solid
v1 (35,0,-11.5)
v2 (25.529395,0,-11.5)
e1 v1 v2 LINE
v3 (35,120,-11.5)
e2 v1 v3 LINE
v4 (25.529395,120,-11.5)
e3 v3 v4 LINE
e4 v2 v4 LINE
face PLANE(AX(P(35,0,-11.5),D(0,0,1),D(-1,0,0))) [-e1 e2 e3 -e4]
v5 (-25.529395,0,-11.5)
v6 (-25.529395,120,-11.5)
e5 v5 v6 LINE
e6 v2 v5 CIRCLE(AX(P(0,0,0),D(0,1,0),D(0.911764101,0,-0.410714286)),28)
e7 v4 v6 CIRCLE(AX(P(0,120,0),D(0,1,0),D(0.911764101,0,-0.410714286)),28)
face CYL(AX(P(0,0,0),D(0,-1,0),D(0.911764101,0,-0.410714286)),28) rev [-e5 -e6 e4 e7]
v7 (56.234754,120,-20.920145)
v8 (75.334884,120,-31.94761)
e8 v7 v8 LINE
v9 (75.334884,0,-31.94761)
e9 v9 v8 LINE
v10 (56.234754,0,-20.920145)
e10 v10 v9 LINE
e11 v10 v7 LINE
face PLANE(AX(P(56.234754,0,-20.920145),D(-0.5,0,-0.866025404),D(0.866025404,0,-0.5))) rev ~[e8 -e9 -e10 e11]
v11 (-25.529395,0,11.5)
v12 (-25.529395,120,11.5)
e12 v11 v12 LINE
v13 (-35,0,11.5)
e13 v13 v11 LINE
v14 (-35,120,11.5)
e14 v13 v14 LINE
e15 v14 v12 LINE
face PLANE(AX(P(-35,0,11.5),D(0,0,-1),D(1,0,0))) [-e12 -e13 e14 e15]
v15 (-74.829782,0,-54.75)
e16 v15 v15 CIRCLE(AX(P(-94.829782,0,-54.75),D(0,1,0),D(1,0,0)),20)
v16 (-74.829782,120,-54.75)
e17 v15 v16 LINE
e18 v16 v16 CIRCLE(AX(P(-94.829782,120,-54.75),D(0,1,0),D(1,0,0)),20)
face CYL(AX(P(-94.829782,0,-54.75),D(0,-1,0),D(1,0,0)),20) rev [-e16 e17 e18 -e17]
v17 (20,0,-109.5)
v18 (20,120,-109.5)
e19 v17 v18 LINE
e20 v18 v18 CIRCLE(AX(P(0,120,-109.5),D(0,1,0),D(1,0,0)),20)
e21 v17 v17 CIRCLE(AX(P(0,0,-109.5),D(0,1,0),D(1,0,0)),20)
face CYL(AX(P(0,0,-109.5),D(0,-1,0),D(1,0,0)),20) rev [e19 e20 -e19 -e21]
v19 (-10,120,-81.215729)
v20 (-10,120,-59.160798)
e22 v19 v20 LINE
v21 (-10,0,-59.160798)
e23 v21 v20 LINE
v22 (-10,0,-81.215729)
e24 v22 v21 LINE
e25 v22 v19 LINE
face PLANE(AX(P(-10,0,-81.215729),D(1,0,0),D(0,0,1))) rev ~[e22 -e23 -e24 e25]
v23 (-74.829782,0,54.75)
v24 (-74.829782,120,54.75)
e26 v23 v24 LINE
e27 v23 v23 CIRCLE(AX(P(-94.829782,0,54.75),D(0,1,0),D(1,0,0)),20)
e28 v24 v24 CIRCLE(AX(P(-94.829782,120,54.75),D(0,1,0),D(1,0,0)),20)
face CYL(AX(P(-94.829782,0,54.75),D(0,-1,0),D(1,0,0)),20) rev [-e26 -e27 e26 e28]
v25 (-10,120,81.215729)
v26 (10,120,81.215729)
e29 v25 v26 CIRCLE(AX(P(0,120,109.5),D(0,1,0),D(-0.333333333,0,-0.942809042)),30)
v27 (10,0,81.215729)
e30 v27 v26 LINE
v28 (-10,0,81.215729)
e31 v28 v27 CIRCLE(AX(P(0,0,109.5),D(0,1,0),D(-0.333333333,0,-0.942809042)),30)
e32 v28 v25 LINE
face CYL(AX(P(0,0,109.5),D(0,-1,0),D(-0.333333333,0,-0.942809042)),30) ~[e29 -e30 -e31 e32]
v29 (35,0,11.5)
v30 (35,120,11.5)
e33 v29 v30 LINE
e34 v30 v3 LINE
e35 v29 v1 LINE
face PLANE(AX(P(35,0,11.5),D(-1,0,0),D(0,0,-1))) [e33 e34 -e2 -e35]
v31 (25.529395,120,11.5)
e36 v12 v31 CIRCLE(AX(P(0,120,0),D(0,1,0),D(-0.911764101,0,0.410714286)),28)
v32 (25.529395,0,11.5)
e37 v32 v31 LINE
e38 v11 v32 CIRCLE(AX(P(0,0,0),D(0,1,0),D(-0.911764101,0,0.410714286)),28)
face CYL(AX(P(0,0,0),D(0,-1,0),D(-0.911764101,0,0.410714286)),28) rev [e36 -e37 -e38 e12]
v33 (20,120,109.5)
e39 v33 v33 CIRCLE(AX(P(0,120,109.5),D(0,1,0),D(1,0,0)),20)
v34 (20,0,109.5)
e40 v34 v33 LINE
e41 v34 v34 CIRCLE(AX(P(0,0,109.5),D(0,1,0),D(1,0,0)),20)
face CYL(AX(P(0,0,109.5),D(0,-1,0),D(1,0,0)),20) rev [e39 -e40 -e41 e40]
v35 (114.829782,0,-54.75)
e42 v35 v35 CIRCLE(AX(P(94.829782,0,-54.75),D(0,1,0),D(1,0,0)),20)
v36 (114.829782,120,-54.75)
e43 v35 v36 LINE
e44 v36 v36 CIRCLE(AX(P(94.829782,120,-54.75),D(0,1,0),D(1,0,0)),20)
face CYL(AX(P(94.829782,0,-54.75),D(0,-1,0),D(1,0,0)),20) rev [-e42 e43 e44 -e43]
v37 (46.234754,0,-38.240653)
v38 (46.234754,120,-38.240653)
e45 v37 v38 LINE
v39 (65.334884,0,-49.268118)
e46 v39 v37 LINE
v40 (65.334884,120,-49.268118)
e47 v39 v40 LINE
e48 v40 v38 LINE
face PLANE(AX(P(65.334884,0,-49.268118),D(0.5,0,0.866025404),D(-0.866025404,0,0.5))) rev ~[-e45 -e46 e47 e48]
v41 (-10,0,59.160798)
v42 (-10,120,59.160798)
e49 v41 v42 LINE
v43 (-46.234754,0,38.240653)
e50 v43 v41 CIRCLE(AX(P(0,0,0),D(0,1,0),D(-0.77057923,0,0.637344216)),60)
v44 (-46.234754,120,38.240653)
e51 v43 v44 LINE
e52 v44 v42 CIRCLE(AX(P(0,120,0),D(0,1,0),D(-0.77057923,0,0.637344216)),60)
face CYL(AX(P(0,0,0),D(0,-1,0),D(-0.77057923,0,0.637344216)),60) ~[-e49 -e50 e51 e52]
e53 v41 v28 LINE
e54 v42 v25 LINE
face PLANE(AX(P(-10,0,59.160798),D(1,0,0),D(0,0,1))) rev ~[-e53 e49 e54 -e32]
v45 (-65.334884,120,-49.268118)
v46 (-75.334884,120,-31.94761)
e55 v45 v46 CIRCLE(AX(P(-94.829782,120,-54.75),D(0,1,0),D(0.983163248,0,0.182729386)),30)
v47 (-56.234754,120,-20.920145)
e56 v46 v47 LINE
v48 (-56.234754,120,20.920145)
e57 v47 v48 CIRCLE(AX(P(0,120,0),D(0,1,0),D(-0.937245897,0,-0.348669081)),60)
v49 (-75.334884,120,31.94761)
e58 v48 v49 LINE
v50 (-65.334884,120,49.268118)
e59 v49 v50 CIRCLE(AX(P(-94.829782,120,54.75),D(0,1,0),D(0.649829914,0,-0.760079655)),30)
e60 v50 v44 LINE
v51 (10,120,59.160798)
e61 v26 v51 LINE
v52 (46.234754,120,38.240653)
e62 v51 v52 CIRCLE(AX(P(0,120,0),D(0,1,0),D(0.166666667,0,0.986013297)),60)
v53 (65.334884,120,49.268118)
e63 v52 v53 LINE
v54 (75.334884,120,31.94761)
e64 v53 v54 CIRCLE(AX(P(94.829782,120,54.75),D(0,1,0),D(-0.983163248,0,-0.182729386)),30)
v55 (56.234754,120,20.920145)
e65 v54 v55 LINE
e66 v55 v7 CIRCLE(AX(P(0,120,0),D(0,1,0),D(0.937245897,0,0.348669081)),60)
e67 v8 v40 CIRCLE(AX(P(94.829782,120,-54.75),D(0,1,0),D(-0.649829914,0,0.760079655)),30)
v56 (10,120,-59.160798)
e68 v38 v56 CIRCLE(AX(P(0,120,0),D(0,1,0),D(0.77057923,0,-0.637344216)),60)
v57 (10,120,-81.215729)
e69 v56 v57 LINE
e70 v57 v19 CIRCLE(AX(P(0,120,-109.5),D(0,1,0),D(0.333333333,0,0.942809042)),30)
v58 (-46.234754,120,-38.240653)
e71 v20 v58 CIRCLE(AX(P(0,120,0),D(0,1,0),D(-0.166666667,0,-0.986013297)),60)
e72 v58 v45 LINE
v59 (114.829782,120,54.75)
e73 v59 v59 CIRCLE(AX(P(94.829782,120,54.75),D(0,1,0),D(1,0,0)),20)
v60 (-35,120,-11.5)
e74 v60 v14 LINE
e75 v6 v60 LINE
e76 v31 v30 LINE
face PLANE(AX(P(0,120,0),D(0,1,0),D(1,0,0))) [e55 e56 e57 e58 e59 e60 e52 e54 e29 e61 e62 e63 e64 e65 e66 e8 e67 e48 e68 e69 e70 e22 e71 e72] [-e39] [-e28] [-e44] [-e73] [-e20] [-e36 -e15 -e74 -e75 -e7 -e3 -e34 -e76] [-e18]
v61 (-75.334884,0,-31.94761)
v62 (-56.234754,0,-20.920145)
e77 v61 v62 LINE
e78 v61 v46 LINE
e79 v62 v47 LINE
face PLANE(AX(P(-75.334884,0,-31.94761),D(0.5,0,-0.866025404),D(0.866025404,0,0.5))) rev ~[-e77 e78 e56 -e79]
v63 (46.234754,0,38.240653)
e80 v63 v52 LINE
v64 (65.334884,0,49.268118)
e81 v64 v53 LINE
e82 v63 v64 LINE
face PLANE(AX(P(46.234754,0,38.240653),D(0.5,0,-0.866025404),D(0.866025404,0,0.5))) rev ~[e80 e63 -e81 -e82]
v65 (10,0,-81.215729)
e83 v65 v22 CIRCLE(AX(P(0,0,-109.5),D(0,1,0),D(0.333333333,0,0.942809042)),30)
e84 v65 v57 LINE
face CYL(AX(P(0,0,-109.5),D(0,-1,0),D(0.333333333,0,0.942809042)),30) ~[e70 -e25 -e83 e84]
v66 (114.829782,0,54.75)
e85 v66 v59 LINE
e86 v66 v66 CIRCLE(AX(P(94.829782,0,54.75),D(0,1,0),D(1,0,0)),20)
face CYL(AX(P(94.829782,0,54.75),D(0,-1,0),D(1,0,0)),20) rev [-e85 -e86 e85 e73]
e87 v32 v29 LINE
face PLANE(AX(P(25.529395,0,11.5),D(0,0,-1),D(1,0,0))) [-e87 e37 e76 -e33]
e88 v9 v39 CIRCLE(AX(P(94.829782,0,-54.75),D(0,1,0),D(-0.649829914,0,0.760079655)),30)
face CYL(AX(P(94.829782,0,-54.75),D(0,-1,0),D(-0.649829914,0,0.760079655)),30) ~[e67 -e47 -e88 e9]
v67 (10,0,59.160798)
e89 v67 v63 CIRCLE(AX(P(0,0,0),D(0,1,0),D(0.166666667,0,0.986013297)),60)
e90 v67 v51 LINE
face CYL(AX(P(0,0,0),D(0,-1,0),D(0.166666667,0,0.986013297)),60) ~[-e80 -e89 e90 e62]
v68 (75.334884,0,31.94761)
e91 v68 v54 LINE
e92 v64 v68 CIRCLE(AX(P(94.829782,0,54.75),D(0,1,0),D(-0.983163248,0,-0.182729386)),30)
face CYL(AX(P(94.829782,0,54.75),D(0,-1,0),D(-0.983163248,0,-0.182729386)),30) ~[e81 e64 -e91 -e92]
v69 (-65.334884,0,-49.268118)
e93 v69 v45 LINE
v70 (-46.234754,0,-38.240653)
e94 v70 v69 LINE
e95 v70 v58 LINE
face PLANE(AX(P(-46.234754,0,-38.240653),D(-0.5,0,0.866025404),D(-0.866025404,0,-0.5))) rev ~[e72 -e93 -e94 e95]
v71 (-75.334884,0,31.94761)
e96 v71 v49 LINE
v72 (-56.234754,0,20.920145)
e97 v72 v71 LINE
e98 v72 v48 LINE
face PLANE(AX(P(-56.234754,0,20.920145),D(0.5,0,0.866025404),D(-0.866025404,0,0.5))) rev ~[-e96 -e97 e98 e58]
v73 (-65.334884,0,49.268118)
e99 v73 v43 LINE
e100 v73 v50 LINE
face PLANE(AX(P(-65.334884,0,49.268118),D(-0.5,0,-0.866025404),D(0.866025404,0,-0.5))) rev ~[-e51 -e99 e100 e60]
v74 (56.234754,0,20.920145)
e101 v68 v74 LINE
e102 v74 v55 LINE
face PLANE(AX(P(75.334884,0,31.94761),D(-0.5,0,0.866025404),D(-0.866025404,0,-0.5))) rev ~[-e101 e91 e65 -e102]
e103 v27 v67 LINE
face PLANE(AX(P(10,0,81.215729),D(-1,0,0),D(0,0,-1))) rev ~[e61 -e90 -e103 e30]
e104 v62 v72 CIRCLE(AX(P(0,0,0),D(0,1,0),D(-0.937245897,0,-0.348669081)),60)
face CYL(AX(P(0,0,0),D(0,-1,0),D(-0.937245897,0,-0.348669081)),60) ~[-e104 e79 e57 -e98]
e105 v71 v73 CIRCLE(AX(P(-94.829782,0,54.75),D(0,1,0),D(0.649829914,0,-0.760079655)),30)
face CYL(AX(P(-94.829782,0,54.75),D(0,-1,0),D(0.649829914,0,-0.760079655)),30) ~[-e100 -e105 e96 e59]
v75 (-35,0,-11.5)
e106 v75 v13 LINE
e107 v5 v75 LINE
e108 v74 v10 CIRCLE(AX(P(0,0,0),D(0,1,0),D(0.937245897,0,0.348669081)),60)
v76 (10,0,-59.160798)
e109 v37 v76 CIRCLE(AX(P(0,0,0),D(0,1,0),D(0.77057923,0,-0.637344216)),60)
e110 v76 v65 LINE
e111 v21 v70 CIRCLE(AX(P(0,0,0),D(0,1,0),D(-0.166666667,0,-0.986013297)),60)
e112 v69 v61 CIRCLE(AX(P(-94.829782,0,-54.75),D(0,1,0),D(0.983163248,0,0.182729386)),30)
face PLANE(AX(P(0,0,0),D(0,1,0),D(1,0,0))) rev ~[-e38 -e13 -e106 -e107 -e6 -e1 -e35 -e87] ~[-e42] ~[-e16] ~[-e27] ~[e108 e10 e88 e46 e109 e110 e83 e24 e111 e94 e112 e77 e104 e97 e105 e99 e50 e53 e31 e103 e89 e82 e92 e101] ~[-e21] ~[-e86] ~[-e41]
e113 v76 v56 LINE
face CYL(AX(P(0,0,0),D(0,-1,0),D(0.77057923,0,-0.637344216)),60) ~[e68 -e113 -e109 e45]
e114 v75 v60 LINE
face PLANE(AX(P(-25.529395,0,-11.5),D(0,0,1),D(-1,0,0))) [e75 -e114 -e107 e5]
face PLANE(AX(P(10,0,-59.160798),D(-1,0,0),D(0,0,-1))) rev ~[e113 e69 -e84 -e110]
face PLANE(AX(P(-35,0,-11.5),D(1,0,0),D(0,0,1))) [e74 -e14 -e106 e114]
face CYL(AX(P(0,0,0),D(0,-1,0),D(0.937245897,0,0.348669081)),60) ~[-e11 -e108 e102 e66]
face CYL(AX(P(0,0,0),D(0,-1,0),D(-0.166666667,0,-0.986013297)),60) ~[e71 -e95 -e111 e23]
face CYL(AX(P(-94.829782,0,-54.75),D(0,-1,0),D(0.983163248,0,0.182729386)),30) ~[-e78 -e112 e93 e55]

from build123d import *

# Parameters (mm, degrees)
SKETCH1_R           = 20
BOSS_EXTRUDE1_DEPTH = 120


with BuildPart() as part:
    # Sketch1 → Boss-Extrude1 (new body)
    with BuildSketch(Plane(origin=(0, 0, 0), x_dir=(1, 0, 0), z_dir=(0, 1, 0))):
        with BuildLine():
            Line((-10, 81.215728753), (-10, 59.160797831))
            ThreePointArc((-10, 59.160797831), (-30, 51.961524227), (-46.23475383, 38.240652953))
            Line((-46.23475383, 38.240652953), (-65.334884287, 49.268118414))
            ThreePointArc((-65.334884287, 49.268118414), (-120.810543828, 69.75), (-75.334884287, 31.947610338))
            Line((-75.334884287, 31.947610338), (-56.23475383, 20.920144878))
            ThreePointArc((-56.23475383, 20.920144878), (-60, 0), (-56.23475383, -20.920144878))
            Line((-56.23475383, -20.920144878), (-75.334884287, -31.947610338))
            ThreePointArc((-75.334884287, -31.947610338), (-120.810543828, -69.75), (-65.334884287, -49.268118414))
            Line((-65.334884287, -49.268118414), (-46.23475383, -38.240652953))
            ThreePointArc((-46.23475383, -38.240652953), (-30, -51.961524227), (-10, -59.160797831))
            Line((-10, -59.160797831), (-10, -81.215728753))
            ThreePointArc((-10, -81.215728753), (0, -139.5), (10, -81.215728753))
            Line((10, -81.215728753), (10, -59.160797831))
            ThreePointArc((10, -59.160797831), (30, -51.961524227), (46.23475383, -38.240652953))
            Line((46.23475383, -38.240652953), (65.334884287, -49.268118414))
            ThreePointArc((65.334884287, -49.268118414), (120.810543828, -69.75), (75.334884287, -31.947610338))
            Line((75.334884287, -31.947610338), (56.23475383, -20.920144878))
            ThreePointArc((56.23475383, -20.920144878), (60, 0), (56.23475383, 20.920144878))
            Line((56.23475383, 20.920144878), (75.334884287, 31.947610338))
            ThreePointArc((75.334884287, 31.947610338), (120.810543828, 69.75), (65.334884287, 49.268118414))
            Line((65.334884287, 49.268118414), (46.23475383, 38.240652953))
            ThreePointArc((46.23475383, 38.240652953), (30, 51.961524227), (10, 59.160797831))
            Line((10, 59.160797831), (10, 81.215728753))
            ThreePointArc((10, 81.215728753), (0, 139.5), (-10, 81.215728753))
        make_face()
        with Locations((0, 109.5)):
            Circle(SKETCH1_R, mode=Mode.SUBTRACT)
        with Locations((94.829781714, 54.75)):
            Circle(SKETCH1_R, mode=Mode.SUBTRACT)
        with Locations((94.829781714, -54.75)):
            Circle(SKETCH1_R, mode=Mode.SUBTRACT)
        with Locations((0, -109.5)):
            Circle(SKETCH1_R, mode=Mode.SUBTRACT)
        with Locations((-94.829781714, -54.75)):
            Circle(SKETCH1_R, mode=Mode.SUBTRACT)
        with Locations((-94.829781714, 54.75)):
            Circle(SKETCH1_R, mode=Mode.SUBTRACT)
        with BuildLine():
            Line((-35, 11.5), (-35, -11.5))
            Line((-35, -11.5), (-25.529394822, -11.5))
            ThreePointArc((-25.529394822, -11.5), (0, -28), (25.529394822, -11.5))
            Line((25.529394822, -11.5), (35, -11.5))
            Line((35, -11.5), (35, 11.5))
            Line((35, 11.5), (25.529394822, 11.5))
            ThreePointArc((25.529394822, 11.5), (0, 28), (-25.529394822, 11.5))
            Line((-25.529394822, 11.5), (-35, 11.5))
        make_face(mode=Mode.SUBTRACT)
    extrude(amount=BOSS_EXTRUDE1_DEPTH)


solid = part.part
